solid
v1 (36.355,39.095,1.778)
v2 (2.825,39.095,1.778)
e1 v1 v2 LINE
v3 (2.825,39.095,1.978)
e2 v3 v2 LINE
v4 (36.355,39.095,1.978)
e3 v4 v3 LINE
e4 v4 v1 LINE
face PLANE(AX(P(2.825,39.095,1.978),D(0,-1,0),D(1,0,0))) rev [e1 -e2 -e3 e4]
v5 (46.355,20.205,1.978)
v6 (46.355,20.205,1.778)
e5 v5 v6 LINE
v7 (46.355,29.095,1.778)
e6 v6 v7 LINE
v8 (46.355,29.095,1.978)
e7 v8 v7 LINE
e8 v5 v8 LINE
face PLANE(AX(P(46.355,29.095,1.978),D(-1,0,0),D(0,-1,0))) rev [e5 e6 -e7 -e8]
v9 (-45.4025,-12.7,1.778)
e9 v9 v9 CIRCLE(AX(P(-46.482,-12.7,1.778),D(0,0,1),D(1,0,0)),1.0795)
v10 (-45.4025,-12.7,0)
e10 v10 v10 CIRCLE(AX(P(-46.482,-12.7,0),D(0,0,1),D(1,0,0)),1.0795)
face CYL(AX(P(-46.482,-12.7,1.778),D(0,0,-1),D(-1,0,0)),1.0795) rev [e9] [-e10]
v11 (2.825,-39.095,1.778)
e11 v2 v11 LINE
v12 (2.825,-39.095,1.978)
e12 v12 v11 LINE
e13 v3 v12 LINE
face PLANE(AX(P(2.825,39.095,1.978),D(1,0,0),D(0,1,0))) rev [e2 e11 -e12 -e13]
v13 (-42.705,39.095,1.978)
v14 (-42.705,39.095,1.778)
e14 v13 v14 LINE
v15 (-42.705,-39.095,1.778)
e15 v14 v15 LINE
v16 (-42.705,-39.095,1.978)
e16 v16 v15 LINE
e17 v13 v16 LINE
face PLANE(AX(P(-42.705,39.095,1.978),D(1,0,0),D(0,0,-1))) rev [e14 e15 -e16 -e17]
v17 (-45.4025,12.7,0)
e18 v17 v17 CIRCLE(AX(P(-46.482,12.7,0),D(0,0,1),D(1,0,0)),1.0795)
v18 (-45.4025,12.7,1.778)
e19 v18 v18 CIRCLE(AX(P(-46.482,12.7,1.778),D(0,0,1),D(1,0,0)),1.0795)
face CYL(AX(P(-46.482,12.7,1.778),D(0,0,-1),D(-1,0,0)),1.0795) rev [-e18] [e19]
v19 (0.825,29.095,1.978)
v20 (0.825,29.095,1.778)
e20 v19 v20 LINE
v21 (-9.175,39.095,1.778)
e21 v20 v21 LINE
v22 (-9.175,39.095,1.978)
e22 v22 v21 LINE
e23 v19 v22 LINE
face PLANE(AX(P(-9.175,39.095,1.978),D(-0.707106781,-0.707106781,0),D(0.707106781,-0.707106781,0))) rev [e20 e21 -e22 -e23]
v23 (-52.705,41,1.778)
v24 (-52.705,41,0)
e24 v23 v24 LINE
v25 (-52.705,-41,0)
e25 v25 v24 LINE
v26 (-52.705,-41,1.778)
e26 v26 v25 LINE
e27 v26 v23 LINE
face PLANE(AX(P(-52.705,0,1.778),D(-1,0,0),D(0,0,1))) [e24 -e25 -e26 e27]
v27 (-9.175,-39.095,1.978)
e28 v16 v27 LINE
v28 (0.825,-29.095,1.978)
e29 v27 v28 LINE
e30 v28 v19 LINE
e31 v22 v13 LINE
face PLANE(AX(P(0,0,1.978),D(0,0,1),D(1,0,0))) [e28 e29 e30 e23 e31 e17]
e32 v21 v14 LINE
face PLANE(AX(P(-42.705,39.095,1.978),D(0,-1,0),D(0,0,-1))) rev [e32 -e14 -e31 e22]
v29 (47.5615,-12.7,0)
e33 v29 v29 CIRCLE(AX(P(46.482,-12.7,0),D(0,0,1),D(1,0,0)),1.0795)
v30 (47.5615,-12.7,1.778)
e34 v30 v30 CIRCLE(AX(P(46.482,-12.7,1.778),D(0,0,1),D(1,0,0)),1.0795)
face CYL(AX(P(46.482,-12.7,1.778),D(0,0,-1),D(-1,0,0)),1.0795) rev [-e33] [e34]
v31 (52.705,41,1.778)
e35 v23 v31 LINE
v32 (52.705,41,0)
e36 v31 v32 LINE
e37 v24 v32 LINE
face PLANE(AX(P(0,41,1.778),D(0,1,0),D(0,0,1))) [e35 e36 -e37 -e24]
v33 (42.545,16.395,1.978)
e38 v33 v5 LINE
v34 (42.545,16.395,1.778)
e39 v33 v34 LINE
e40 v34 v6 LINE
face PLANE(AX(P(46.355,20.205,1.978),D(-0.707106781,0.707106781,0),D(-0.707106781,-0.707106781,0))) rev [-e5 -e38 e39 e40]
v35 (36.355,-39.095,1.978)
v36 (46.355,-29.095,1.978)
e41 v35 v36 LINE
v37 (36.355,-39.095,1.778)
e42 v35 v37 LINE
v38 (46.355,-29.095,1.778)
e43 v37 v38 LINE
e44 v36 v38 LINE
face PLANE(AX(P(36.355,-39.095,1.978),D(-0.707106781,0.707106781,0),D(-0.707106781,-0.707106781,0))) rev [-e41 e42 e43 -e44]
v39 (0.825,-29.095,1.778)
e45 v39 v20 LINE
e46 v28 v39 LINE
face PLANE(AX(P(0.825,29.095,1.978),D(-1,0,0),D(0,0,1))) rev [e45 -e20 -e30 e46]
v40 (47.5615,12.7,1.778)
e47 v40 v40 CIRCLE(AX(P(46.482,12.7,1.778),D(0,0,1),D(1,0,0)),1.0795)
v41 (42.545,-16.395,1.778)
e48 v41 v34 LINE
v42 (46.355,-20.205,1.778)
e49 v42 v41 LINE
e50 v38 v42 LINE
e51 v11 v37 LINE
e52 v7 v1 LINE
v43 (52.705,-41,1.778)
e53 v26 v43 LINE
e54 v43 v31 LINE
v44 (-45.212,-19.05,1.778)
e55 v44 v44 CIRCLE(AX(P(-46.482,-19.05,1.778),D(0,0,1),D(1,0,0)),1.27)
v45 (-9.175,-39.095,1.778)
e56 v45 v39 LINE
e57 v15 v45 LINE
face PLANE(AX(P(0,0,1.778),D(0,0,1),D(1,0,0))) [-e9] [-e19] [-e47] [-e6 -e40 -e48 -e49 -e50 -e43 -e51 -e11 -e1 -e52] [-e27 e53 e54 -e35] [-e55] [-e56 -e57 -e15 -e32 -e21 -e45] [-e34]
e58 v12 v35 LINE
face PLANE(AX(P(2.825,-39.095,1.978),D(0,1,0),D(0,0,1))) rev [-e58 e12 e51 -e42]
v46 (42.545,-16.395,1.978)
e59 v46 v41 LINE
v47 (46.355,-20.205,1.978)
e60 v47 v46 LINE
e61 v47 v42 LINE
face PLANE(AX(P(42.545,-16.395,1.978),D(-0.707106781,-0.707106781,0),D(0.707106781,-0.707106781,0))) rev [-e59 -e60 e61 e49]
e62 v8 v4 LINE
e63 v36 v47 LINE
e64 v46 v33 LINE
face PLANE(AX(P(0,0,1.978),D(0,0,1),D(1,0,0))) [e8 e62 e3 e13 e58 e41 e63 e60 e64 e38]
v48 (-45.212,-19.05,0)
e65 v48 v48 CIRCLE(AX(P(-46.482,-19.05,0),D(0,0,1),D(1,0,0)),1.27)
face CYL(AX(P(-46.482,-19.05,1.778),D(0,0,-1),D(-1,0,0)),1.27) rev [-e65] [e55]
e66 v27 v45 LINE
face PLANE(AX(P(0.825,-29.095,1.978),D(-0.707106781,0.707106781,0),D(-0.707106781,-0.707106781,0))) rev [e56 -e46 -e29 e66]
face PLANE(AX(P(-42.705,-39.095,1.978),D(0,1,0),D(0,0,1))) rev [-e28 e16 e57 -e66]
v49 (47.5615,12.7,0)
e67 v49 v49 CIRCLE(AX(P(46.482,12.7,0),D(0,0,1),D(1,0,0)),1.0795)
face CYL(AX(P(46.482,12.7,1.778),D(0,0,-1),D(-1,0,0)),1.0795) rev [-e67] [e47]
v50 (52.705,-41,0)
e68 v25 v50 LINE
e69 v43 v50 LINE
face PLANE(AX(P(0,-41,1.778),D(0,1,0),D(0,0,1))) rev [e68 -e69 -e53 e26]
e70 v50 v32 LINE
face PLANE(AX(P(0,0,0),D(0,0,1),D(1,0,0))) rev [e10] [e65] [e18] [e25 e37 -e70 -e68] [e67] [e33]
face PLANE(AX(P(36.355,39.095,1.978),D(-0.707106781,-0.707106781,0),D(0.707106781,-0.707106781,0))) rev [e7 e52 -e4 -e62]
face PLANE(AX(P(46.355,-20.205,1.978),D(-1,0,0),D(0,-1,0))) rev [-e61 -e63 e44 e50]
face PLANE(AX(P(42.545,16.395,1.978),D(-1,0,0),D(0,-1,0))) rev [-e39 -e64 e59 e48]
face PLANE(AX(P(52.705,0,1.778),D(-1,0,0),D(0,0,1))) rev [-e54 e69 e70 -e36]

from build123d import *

# Parameters (mm, degrees)
SKETCH1_W           = 105.41
SKETCH1_H           = 82
SKETCH1_R           = 1.0795
SKETCH1_R_2         = 1.27
BOSS_EXTRUDE1_DEPTH = 1.778
BOSS_EXTRUDE2_DEPTH = 0.2


with BuildPart() as part:
    # Sketch1 → Boss-Extrude1 (new body)
    with BuildSketch(Plane.XY):
        Rectangle(SKETCH1_W, SKETCH1_H)
        with Locations((46.482, 12.7)):
            Circle(SKETCH1_R, mode=Mode.SUBTRACT)
        with Locations((46.482, -12.7)):
            Circle(SKETCH1_R, mode=Mode.SUBTRACT)
        with Locations((-46.482, 12.7)):
            Circle(SKETCH1_R, mode=Mode.SUBTRACT)
        with Locations((-46.482, -12.7)):
            Circle(SKETCH1_R, mode=Mode.SUBTRACT)
        with Locations((-46.482, -19.05)):
            Circle(SKETCH1_R_2, mode=Mode.SUBTRACT)
    extrude(amount=BOSS_EXTRUDE1_DEPTH)

    # Sketch2 → Boss-Extrude2 (add)
    with BuildSketch(Plane.XY.offset(1.778)):
        Polygon((-9.175, 39.095), (0.825, 29.095), (0.825, -29.095), (-9.175, -39.095), (-42.705, -39.095), (-42.705, 39.095), align=None)
        Polygon((46.355, 20.205), (42.545, 16.395), (42.545, -16.395), (46.355, -20.205), (46.355, -29.095), (36.355, -39.095), (2.825, -39.095), (2.825, 39.095), (36.355, 39.095), (46.355, 29.095), align=None)
    extrude(amount=BOSS_EXTRUDE2_DEPTH)


solid = part.part
